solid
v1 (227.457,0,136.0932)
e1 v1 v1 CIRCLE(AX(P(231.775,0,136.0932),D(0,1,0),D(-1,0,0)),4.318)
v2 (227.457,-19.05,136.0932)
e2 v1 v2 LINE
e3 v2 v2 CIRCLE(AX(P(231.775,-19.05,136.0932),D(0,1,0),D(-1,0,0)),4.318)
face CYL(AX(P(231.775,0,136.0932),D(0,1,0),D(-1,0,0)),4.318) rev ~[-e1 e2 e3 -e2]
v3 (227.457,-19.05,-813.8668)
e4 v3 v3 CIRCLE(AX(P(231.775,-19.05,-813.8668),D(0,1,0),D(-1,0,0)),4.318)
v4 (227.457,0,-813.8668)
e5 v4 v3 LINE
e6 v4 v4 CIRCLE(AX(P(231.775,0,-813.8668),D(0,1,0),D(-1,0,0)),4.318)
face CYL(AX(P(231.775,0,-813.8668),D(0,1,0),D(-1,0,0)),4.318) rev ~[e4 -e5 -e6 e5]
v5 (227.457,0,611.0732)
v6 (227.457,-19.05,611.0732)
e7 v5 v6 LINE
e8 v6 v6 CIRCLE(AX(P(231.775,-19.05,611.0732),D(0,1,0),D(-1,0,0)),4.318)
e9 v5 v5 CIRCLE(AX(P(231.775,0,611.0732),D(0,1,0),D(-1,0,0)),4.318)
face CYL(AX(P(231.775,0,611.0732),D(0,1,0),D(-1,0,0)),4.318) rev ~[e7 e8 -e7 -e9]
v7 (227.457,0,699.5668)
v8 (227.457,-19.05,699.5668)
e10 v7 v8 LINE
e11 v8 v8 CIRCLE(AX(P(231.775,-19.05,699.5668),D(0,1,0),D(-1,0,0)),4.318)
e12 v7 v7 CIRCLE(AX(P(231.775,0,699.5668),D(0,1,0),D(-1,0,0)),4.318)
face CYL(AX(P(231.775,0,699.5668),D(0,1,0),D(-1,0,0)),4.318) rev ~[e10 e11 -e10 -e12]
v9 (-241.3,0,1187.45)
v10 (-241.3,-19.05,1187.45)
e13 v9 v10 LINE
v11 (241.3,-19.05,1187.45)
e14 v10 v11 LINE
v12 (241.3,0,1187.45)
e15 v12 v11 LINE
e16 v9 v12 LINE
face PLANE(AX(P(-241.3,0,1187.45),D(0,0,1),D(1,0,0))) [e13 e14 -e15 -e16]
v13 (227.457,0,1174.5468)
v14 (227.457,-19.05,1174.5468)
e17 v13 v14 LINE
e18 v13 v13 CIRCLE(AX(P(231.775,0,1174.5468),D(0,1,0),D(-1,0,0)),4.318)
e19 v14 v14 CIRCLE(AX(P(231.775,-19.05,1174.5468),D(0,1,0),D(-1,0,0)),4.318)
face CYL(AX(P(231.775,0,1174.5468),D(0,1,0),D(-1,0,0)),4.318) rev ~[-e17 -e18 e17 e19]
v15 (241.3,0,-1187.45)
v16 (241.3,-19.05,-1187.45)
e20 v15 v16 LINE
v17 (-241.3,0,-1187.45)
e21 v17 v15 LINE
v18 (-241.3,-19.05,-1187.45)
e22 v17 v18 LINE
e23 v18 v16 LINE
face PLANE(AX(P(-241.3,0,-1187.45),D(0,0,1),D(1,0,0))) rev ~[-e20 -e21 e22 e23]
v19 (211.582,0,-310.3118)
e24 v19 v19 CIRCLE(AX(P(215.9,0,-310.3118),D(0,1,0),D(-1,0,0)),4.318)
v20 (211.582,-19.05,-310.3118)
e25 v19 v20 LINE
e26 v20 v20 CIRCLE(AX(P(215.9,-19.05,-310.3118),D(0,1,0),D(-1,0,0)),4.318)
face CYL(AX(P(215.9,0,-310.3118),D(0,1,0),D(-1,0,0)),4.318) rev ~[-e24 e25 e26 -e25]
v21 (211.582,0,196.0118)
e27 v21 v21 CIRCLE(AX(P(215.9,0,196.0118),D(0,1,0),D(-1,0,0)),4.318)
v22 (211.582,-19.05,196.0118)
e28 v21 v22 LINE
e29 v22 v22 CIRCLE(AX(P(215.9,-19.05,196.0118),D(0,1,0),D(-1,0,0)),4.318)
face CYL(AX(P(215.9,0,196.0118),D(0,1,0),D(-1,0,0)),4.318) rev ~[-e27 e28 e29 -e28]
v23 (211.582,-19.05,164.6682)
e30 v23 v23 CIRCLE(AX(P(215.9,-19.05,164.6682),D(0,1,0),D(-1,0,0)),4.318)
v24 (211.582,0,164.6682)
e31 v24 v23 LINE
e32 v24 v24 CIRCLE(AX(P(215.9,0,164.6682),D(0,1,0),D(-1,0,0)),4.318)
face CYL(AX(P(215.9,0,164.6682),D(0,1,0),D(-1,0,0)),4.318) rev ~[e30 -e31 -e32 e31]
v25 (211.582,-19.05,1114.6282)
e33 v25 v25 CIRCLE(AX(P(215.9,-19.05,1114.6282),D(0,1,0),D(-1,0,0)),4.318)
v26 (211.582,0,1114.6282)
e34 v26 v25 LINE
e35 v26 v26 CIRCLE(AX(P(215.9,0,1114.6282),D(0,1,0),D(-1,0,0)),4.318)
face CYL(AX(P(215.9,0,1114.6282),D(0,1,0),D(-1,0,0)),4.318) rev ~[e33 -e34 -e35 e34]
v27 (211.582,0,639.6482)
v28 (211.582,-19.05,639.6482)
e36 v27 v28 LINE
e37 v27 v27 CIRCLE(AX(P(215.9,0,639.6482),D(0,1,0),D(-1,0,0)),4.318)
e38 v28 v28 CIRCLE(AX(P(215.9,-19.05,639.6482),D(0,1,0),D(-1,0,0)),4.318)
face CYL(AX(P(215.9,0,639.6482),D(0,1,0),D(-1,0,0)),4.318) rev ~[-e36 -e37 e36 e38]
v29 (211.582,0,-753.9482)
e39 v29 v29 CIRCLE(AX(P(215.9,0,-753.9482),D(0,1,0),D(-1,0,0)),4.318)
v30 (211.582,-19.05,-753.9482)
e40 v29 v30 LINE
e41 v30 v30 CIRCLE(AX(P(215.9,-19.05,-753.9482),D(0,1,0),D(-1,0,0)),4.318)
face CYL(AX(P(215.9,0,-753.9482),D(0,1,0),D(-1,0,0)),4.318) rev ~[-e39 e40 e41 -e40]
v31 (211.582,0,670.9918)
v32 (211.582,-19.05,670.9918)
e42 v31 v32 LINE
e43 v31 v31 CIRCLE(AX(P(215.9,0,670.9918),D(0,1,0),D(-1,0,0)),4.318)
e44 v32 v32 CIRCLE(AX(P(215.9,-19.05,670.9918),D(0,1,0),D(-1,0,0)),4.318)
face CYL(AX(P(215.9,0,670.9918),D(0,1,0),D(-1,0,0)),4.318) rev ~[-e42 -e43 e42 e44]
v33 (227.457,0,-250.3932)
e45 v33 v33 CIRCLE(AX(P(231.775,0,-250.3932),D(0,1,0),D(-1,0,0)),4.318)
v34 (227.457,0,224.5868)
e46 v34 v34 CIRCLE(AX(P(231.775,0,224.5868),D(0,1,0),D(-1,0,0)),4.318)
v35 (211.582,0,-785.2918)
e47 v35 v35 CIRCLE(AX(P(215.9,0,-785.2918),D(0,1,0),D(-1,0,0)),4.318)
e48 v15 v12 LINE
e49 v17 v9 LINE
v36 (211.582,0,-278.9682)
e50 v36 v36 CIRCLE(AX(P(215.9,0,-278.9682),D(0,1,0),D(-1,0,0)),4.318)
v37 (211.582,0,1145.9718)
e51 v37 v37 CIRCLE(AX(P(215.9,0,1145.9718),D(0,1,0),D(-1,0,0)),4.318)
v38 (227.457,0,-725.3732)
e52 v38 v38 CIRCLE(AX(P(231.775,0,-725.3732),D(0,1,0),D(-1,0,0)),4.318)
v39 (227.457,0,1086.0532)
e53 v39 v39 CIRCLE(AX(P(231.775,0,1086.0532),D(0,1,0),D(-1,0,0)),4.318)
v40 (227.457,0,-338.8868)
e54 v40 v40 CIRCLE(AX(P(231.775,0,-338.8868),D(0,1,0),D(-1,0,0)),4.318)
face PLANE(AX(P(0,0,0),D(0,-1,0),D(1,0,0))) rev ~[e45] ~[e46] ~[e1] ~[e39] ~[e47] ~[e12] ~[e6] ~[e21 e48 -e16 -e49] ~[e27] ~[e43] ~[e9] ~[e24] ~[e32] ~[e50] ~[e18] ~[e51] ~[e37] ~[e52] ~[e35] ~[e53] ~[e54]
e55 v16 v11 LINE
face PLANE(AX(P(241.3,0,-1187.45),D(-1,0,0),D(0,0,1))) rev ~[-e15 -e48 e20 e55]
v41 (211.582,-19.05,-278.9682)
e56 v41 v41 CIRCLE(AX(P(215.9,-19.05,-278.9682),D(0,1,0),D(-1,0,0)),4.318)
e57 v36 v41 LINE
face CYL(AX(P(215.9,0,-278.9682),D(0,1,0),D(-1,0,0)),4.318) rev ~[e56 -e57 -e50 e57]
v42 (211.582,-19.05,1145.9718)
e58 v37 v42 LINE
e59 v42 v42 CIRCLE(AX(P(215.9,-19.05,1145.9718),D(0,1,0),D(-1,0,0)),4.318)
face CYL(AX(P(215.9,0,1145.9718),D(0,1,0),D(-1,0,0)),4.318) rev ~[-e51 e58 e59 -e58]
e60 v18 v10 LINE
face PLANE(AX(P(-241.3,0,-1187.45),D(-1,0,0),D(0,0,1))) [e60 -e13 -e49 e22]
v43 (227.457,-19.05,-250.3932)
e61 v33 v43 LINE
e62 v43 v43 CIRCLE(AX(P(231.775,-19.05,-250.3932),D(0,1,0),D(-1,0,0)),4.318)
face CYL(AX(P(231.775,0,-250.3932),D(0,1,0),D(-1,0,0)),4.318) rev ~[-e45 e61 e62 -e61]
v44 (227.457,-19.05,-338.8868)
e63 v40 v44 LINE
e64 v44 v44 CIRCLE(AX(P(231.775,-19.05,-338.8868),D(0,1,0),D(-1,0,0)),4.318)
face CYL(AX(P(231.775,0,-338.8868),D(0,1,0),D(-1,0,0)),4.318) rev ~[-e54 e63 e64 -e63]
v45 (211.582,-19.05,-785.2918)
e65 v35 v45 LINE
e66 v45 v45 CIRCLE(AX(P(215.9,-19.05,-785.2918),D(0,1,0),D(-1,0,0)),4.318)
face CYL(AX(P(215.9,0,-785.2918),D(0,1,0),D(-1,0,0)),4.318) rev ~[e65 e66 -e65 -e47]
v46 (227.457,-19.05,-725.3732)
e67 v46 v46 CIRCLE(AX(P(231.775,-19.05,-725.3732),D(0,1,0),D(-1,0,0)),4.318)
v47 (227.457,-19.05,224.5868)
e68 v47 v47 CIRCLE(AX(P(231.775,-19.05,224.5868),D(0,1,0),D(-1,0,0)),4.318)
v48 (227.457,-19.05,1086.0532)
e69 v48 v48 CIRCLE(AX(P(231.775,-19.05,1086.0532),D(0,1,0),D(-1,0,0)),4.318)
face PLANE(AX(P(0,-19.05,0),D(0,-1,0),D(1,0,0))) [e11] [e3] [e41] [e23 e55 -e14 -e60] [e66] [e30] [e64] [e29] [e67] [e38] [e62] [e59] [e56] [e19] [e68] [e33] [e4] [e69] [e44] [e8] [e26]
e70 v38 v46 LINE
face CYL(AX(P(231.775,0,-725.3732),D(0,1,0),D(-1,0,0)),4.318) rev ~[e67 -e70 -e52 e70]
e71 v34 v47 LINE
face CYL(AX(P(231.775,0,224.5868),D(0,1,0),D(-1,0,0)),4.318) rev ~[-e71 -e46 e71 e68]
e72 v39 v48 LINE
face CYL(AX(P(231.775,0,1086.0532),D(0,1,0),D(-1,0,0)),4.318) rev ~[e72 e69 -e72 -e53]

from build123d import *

# Parameters (mm, degrees)
F0_W     = 482.6
F0_H     = 2374.9
F1_DEPTH = 19.05
F2_R     = 4.318
F3_DEPTH = 25.4


with BuildPart() as f1:
    # F0 (on Front) → F1 (new body)
    with BuildSketch(Plane.XZ):
        Rectangle(F0_W, F0_H)
    extrude(amount=F1_DEPTH)

    # F2 (on face) → F3 (cut)
    with BuildSketch(Plane(origin=(0, 0, 0), x_dir=(-1, 0, 0), z_dir=(0, 1, 0))):
        with Locations((-215.9, 1145.9718)):
            Circle(F2_R)
        with Locations((-231.775, 1174.5468)):
            Circle(F2_R)
        with Locations((-215.9, 1114.6282)):
            Circle(F2_R)
        with Locations((-231.775, 1086.0532)):
            Circle(F2_R)
        with Locations((-231.775, 699.5668)):
            Circle(F2_R)
        with Locations((-215.9, 670.9918)):
            Circle(F2_R)
        with Locations((-215.9, 639.6482)):
            Circle(F2_R)
        with Locations((-231.775, 611.0732)):
            Circle(F2_R)
        with Locations((-231.775, 136.0932)):
            Circle(F2_R)
        with Locations((-215.9, 164.6682)):
            Circle(F2_R)
        with Locations((-215.9, 196.0118)):
            Circle(F2_R)
        with Locations((-231.775, 224.5868)):
            Circle(F2_R)
        with Locations((-231.775, -338.8868)):
            Circle(F2_R)
        with Locations((-215.9, -310.3118)):
            Circle(F2_R)
        with Locations((-215.9, -278.9682)):
            Circle(F2_R)
        with Locations((-231.775, -250.3932)):
            Circle(F2_R)
        with Locations((-231.775, -813.8668)):
            Circle(F2_R)
        with Locations((-215.9, -785.2918)):
            Circle(F2_R)
        with Locations((-215.9, -753.9482)):
            Circle(F2_R)
        with Locations((-231.775, -725.3732)):
            Circle(F2_R)
    extrude(amount=-F3_DEPTH, mode=Mode.SUBTRACT)


solid = f1.part
